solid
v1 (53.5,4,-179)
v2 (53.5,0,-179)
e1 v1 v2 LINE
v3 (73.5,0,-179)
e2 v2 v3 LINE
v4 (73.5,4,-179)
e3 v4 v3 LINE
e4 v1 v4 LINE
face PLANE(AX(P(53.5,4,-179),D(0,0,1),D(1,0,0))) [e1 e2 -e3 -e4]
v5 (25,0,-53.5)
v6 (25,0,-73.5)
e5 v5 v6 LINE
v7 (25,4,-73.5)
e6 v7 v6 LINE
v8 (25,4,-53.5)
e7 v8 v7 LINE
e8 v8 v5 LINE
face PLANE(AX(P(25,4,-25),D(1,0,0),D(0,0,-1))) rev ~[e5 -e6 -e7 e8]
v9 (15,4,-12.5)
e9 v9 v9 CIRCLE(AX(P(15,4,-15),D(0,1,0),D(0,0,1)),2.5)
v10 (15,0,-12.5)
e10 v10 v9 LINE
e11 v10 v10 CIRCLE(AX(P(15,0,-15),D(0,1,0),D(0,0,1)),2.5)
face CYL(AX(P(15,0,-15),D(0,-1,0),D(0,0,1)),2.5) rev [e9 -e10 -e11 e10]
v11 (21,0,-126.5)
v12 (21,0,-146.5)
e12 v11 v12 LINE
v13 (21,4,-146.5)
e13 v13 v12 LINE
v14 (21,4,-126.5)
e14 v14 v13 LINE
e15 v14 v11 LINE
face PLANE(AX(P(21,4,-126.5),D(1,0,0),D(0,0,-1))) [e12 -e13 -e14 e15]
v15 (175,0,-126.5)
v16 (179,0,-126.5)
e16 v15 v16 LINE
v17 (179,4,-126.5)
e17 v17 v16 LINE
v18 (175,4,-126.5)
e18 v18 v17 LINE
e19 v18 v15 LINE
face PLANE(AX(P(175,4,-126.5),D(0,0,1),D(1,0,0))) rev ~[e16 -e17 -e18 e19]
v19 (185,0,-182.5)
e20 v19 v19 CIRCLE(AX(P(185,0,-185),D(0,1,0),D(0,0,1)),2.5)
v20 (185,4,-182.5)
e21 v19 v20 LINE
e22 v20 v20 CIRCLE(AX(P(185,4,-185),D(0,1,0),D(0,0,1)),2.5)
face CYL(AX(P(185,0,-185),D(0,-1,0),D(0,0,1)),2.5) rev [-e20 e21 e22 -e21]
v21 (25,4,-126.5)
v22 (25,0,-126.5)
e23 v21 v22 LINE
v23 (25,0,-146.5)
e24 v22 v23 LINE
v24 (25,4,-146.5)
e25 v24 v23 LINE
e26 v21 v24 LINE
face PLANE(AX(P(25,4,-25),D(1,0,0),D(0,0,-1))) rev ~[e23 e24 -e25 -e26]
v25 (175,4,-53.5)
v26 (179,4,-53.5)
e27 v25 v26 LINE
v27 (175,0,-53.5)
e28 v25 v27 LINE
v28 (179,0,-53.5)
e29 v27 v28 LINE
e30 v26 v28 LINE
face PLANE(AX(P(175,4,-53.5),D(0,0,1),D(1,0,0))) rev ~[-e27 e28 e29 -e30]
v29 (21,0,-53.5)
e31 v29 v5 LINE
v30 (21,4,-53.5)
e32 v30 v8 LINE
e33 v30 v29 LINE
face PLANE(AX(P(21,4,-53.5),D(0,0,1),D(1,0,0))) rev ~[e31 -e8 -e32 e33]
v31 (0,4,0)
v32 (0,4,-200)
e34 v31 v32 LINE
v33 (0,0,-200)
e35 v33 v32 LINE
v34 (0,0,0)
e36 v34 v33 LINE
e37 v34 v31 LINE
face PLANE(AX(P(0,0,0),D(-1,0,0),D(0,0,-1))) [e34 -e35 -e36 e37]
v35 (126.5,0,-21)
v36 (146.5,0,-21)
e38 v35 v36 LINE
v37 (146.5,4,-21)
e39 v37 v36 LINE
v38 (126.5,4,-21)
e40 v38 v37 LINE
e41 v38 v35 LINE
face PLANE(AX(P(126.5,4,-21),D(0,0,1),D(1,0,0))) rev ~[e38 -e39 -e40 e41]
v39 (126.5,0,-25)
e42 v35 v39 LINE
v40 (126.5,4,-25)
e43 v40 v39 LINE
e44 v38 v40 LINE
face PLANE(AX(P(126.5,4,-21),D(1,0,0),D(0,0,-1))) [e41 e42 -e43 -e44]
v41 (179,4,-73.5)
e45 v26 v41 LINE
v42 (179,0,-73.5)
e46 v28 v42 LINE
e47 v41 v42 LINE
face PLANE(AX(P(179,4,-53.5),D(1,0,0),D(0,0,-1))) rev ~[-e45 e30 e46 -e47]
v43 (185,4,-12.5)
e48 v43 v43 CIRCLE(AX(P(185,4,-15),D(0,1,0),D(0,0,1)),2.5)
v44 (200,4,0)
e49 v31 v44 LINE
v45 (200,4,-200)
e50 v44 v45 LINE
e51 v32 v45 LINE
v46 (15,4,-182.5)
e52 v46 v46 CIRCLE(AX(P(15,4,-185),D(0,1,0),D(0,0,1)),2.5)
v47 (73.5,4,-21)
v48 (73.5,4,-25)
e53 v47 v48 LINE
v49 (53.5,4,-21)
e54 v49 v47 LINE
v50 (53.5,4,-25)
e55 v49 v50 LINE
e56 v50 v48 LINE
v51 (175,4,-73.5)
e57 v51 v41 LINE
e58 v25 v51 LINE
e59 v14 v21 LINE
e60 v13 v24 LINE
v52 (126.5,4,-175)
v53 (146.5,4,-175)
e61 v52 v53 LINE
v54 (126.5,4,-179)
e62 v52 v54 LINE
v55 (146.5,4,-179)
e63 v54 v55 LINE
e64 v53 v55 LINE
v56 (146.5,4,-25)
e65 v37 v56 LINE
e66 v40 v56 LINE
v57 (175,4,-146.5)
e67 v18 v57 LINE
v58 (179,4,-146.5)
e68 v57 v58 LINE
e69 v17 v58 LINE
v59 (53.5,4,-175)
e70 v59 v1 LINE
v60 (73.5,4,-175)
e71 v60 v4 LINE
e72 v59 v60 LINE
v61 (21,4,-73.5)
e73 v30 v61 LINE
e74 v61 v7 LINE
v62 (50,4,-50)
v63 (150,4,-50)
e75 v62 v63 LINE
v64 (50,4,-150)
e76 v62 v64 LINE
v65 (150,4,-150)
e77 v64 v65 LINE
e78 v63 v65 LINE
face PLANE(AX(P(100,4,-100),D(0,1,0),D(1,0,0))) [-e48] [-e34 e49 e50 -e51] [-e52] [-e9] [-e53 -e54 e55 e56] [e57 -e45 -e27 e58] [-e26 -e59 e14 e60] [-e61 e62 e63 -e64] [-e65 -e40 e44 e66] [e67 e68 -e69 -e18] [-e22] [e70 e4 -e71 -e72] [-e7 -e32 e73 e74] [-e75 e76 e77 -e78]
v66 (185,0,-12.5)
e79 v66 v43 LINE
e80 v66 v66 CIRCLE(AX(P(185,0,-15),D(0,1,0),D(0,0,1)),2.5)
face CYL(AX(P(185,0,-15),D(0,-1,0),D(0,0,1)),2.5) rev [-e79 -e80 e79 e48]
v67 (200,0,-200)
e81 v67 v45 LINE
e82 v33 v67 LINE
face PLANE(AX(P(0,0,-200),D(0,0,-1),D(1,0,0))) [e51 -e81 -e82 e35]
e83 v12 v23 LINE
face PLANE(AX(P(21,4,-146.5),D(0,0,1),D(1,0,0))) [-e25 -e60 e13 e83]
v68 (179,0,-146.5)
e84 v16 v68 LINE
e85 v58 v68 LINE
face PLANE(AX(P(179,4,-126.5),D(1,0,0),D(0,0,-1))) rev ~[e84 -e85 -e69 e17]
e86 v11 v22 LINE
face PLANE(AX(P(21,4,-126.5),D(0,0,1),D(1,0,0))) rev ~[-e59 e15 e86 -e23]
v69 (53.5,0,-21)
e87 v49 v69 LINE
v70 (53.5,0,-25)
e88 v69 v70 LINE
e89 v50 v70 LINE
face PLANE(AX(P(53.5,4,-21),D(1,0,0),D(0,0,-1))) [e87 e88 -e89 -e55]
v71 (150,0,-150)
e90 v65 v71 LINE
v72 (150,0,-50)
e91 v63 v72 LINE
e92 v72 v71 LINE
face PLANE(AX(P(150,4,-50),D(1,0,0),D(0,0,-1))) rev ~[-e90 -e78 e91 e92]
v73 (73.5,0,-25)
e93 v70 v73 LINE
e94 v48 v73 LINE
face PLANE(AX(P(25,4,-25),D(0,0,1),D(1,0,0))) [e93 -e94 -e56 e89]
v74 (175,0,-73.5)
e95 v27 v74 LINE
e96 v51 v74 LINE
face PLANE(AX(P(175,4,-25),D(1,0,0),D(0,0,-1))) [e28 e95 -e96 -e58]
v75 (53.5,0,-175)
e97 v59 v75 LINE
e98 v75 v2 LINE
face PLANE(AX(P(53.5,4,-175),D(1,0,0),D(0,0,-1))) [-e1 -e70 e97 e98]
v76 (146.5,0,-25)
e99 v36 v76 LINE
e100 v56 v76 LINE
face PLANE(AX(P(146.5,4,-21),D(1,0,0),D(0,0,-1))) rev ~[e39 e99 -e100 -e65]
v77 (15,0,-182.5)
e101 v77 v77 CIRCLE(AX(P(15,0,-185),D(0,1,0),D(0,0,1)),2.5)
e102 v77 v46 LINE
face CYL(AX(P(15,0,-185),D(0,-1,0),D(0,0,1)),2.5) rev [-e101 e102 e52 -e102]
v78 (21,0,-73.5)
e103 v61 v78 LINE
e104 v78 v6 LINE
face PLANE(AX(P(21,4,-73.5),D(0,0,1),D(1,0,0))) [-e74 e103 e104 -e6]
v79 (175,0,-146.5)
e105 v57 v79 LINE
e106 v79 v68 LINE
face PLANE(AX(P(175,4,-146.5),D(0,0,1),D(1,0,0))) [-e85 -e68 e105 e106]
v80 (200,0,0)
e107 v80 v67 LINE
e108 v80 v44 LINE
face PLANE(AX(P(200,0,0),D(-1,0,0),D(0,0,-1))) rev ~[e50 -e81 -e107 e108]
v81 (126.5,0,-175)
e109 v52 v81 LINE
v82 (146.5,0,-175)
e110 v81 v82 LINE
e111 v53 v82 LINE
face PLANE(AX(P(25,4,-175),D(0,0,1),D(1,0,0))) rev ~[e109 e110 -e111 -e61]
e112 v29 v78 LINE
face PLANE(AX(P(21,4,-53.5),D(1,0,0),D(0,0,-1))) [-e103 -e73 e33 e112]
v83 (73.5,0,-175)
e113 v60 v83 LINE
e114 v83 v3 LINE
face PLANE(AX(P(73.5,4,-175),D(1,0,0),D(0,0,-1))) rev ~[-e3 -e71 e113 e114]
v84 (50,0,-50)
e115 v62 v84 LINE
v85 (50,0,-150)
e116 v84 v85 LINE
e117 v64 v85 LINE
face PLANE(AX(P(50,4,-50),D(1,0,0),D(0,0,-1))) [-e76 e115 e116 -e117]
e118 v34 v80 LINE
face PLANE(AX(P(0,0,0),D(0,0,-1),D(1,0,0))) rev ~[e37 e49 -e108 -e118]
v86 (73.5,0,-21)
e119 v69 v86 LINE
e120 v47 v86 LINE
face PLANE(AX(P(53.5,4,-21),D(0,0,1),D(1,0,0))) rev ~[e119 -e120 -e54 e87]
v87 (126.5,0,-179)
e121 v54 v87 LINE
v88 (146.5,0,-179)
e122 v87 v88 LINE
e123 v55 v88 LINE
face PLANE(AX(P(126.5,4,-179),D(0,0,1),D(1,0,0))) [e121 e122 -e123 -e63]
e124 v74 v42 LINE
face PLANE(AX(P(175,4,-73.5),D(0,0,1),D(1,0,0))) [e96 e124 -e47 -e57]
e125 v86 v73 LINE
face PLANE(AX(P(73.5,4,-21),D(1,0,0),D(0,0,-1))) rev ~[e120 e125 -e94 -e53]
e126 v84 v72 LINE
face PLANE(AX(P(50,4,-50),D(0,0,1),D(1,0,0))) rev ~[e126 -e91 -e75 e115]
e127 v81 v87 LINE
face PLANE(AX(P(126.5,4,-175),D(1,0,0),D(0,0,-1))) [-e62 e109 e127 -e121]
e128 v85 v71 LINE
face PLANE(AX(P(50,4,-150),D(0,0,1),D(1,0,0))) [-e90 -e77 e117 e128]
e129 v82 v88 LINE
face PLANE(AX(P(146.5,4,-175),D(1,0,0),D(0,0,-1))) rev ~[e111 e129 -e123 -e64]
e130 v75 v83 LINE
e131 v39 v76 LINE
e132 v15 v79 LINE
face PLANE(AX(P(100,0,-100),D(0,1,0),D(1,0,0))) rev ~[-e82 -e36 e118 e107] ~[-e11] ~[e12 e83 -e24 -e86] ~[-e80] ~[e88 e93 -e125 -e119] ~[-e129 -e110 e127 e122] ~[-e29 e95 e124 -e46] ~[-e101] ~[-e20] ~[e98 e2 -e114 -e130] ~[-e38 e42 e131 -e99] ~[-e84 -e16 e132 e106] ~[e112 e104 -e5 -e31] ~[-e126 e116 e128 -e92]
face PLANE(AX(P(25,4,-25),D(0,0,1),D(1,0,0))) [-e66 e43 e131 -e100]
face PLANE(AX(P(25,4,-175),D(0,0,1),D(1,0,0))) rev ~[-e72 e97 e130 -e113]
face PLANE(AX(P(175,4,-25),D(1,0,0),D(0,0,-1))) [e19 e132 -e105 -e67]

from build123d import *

# Parameters (mm, degrees)
CROQUIS1_W              = 200
CROQUIS1_H              = 200
CROQUIS1_R              = 2.5
SALIENTE_EXTRUIR1_DEPTH = 4
CROQUIS2_W              = 150
CROQUIS2_H              = 150
CROQUIS2_W_2            = 4
CROQUIS2_H_2            = 20
CROQUIS2_W_3            = 20
CROQUIS2_H_3            = 4
CORTAR_EXTRUIR1_DEPTH   = 4
CROQUIS3_W              = 150
CROQUIS3_H              = 150
CROQUIS3_W_2            = 100
CROQUIS3_H_2            = 100
SALIENTE_EXTRUIR2_DEPTH = 4


with BuildPart() as part:
    # Croquis1 → Saliente-Extruir1 (new body)
    with BuildSketch(Plane(origin=(0, 0, 0), x_dir=(1, 0, 0), z_dir=(0, 1, 0))):
        with Locations((100, 100)):
            Rectangle(CROQUIS1_W, CROQUIS1_H)
        with Locations(Location((15, 185, 0), (0, 0, 270))):
            Circle(CROQUIS1_R, mode=Mode.SUBTRACT)
        with Locations(Location((185, 185, 0), (0, 0, 270))):
            Circle(CROQUIS1_R, mode=Mode.SUBTRACT)
        with Locations(Location((185, 15, 0), (0, 0, 270))):
            Circle(CROQUIS1_R, mode=Mode.SUBTRACT)
        with Locations(Location((15, 15, 0), (0, 0, 270))):
            Circle(CROQUIS1_R, mode=Mode.SUBTRACT)
    extrude(amount=SALIENTE_EXTRUIR1_DEPTH)

    # Croquis2 → Cortar-Extruir1 (cut)
    with BuildSketch(Plane(origin=(0, 4, 0), x_dir=(1, 0, 0), z_dir=(0, 1, 0))):
        with Locations((100, 100)):
            Rectangle(CROQUIS2_W, CROQUIS2_H)
        with Locations((23, 136.5)):
            Rectangle(CROQUIS2_W_2, CROQUIS2_H_2)
        with Locations((63.5, 177)):
            Rectangle(CROQUIS2_W_3, CROQUIS2_H_3)
        with Locations((177, 136.5)):
            Rectangle(CROQUIS2_W_2, CROQUIS2_H_2)
        with Locations((136.5, 177)):
            Rectangle(CROQUIS2_W_3, CROQUIS2_H_3)
        with Locations((136.5, 23)):
            Rectangle(CROQUIS2_W_3, CROQUIS2_H_3)
        with Locations((177, 63.5)):
            Rectangle(CROQUIS2_W_2, CROQUIS2_H_2)
        with Locations((23, 63.5)):
            Rectangle(CROQUIS2_W_2, CROQUIS2_H_2)
        with Locations((63.5, 23)):
            Rectangle(CROQUIS2_W_3, CROQUIS2_H_3)
    extrude(amount=-CORTAR_EXTRUIR1_DEPTH, mode=Mode.SUBTRACT)

    # Croquis3 → Saliente-Extruir2 (add)
    with BuildSketch(Plane(origin=(0, 4, 0), x_dir=(1, 0, 0), z_dir=(0, 1, 0))):
        with Locations((100, 100)):
            Rectangle(CROQUIS3_W, CROQUIS3_H)
        with Locations((100, 100)):
            Rectangle(CROQUIS3_W_2, CROQUIS3_H_2, mode=Mode.SUBTRACT)
    extrude(amount=-SALIENTE_EXTRUIR2_DEPTH)


solid = part.part
